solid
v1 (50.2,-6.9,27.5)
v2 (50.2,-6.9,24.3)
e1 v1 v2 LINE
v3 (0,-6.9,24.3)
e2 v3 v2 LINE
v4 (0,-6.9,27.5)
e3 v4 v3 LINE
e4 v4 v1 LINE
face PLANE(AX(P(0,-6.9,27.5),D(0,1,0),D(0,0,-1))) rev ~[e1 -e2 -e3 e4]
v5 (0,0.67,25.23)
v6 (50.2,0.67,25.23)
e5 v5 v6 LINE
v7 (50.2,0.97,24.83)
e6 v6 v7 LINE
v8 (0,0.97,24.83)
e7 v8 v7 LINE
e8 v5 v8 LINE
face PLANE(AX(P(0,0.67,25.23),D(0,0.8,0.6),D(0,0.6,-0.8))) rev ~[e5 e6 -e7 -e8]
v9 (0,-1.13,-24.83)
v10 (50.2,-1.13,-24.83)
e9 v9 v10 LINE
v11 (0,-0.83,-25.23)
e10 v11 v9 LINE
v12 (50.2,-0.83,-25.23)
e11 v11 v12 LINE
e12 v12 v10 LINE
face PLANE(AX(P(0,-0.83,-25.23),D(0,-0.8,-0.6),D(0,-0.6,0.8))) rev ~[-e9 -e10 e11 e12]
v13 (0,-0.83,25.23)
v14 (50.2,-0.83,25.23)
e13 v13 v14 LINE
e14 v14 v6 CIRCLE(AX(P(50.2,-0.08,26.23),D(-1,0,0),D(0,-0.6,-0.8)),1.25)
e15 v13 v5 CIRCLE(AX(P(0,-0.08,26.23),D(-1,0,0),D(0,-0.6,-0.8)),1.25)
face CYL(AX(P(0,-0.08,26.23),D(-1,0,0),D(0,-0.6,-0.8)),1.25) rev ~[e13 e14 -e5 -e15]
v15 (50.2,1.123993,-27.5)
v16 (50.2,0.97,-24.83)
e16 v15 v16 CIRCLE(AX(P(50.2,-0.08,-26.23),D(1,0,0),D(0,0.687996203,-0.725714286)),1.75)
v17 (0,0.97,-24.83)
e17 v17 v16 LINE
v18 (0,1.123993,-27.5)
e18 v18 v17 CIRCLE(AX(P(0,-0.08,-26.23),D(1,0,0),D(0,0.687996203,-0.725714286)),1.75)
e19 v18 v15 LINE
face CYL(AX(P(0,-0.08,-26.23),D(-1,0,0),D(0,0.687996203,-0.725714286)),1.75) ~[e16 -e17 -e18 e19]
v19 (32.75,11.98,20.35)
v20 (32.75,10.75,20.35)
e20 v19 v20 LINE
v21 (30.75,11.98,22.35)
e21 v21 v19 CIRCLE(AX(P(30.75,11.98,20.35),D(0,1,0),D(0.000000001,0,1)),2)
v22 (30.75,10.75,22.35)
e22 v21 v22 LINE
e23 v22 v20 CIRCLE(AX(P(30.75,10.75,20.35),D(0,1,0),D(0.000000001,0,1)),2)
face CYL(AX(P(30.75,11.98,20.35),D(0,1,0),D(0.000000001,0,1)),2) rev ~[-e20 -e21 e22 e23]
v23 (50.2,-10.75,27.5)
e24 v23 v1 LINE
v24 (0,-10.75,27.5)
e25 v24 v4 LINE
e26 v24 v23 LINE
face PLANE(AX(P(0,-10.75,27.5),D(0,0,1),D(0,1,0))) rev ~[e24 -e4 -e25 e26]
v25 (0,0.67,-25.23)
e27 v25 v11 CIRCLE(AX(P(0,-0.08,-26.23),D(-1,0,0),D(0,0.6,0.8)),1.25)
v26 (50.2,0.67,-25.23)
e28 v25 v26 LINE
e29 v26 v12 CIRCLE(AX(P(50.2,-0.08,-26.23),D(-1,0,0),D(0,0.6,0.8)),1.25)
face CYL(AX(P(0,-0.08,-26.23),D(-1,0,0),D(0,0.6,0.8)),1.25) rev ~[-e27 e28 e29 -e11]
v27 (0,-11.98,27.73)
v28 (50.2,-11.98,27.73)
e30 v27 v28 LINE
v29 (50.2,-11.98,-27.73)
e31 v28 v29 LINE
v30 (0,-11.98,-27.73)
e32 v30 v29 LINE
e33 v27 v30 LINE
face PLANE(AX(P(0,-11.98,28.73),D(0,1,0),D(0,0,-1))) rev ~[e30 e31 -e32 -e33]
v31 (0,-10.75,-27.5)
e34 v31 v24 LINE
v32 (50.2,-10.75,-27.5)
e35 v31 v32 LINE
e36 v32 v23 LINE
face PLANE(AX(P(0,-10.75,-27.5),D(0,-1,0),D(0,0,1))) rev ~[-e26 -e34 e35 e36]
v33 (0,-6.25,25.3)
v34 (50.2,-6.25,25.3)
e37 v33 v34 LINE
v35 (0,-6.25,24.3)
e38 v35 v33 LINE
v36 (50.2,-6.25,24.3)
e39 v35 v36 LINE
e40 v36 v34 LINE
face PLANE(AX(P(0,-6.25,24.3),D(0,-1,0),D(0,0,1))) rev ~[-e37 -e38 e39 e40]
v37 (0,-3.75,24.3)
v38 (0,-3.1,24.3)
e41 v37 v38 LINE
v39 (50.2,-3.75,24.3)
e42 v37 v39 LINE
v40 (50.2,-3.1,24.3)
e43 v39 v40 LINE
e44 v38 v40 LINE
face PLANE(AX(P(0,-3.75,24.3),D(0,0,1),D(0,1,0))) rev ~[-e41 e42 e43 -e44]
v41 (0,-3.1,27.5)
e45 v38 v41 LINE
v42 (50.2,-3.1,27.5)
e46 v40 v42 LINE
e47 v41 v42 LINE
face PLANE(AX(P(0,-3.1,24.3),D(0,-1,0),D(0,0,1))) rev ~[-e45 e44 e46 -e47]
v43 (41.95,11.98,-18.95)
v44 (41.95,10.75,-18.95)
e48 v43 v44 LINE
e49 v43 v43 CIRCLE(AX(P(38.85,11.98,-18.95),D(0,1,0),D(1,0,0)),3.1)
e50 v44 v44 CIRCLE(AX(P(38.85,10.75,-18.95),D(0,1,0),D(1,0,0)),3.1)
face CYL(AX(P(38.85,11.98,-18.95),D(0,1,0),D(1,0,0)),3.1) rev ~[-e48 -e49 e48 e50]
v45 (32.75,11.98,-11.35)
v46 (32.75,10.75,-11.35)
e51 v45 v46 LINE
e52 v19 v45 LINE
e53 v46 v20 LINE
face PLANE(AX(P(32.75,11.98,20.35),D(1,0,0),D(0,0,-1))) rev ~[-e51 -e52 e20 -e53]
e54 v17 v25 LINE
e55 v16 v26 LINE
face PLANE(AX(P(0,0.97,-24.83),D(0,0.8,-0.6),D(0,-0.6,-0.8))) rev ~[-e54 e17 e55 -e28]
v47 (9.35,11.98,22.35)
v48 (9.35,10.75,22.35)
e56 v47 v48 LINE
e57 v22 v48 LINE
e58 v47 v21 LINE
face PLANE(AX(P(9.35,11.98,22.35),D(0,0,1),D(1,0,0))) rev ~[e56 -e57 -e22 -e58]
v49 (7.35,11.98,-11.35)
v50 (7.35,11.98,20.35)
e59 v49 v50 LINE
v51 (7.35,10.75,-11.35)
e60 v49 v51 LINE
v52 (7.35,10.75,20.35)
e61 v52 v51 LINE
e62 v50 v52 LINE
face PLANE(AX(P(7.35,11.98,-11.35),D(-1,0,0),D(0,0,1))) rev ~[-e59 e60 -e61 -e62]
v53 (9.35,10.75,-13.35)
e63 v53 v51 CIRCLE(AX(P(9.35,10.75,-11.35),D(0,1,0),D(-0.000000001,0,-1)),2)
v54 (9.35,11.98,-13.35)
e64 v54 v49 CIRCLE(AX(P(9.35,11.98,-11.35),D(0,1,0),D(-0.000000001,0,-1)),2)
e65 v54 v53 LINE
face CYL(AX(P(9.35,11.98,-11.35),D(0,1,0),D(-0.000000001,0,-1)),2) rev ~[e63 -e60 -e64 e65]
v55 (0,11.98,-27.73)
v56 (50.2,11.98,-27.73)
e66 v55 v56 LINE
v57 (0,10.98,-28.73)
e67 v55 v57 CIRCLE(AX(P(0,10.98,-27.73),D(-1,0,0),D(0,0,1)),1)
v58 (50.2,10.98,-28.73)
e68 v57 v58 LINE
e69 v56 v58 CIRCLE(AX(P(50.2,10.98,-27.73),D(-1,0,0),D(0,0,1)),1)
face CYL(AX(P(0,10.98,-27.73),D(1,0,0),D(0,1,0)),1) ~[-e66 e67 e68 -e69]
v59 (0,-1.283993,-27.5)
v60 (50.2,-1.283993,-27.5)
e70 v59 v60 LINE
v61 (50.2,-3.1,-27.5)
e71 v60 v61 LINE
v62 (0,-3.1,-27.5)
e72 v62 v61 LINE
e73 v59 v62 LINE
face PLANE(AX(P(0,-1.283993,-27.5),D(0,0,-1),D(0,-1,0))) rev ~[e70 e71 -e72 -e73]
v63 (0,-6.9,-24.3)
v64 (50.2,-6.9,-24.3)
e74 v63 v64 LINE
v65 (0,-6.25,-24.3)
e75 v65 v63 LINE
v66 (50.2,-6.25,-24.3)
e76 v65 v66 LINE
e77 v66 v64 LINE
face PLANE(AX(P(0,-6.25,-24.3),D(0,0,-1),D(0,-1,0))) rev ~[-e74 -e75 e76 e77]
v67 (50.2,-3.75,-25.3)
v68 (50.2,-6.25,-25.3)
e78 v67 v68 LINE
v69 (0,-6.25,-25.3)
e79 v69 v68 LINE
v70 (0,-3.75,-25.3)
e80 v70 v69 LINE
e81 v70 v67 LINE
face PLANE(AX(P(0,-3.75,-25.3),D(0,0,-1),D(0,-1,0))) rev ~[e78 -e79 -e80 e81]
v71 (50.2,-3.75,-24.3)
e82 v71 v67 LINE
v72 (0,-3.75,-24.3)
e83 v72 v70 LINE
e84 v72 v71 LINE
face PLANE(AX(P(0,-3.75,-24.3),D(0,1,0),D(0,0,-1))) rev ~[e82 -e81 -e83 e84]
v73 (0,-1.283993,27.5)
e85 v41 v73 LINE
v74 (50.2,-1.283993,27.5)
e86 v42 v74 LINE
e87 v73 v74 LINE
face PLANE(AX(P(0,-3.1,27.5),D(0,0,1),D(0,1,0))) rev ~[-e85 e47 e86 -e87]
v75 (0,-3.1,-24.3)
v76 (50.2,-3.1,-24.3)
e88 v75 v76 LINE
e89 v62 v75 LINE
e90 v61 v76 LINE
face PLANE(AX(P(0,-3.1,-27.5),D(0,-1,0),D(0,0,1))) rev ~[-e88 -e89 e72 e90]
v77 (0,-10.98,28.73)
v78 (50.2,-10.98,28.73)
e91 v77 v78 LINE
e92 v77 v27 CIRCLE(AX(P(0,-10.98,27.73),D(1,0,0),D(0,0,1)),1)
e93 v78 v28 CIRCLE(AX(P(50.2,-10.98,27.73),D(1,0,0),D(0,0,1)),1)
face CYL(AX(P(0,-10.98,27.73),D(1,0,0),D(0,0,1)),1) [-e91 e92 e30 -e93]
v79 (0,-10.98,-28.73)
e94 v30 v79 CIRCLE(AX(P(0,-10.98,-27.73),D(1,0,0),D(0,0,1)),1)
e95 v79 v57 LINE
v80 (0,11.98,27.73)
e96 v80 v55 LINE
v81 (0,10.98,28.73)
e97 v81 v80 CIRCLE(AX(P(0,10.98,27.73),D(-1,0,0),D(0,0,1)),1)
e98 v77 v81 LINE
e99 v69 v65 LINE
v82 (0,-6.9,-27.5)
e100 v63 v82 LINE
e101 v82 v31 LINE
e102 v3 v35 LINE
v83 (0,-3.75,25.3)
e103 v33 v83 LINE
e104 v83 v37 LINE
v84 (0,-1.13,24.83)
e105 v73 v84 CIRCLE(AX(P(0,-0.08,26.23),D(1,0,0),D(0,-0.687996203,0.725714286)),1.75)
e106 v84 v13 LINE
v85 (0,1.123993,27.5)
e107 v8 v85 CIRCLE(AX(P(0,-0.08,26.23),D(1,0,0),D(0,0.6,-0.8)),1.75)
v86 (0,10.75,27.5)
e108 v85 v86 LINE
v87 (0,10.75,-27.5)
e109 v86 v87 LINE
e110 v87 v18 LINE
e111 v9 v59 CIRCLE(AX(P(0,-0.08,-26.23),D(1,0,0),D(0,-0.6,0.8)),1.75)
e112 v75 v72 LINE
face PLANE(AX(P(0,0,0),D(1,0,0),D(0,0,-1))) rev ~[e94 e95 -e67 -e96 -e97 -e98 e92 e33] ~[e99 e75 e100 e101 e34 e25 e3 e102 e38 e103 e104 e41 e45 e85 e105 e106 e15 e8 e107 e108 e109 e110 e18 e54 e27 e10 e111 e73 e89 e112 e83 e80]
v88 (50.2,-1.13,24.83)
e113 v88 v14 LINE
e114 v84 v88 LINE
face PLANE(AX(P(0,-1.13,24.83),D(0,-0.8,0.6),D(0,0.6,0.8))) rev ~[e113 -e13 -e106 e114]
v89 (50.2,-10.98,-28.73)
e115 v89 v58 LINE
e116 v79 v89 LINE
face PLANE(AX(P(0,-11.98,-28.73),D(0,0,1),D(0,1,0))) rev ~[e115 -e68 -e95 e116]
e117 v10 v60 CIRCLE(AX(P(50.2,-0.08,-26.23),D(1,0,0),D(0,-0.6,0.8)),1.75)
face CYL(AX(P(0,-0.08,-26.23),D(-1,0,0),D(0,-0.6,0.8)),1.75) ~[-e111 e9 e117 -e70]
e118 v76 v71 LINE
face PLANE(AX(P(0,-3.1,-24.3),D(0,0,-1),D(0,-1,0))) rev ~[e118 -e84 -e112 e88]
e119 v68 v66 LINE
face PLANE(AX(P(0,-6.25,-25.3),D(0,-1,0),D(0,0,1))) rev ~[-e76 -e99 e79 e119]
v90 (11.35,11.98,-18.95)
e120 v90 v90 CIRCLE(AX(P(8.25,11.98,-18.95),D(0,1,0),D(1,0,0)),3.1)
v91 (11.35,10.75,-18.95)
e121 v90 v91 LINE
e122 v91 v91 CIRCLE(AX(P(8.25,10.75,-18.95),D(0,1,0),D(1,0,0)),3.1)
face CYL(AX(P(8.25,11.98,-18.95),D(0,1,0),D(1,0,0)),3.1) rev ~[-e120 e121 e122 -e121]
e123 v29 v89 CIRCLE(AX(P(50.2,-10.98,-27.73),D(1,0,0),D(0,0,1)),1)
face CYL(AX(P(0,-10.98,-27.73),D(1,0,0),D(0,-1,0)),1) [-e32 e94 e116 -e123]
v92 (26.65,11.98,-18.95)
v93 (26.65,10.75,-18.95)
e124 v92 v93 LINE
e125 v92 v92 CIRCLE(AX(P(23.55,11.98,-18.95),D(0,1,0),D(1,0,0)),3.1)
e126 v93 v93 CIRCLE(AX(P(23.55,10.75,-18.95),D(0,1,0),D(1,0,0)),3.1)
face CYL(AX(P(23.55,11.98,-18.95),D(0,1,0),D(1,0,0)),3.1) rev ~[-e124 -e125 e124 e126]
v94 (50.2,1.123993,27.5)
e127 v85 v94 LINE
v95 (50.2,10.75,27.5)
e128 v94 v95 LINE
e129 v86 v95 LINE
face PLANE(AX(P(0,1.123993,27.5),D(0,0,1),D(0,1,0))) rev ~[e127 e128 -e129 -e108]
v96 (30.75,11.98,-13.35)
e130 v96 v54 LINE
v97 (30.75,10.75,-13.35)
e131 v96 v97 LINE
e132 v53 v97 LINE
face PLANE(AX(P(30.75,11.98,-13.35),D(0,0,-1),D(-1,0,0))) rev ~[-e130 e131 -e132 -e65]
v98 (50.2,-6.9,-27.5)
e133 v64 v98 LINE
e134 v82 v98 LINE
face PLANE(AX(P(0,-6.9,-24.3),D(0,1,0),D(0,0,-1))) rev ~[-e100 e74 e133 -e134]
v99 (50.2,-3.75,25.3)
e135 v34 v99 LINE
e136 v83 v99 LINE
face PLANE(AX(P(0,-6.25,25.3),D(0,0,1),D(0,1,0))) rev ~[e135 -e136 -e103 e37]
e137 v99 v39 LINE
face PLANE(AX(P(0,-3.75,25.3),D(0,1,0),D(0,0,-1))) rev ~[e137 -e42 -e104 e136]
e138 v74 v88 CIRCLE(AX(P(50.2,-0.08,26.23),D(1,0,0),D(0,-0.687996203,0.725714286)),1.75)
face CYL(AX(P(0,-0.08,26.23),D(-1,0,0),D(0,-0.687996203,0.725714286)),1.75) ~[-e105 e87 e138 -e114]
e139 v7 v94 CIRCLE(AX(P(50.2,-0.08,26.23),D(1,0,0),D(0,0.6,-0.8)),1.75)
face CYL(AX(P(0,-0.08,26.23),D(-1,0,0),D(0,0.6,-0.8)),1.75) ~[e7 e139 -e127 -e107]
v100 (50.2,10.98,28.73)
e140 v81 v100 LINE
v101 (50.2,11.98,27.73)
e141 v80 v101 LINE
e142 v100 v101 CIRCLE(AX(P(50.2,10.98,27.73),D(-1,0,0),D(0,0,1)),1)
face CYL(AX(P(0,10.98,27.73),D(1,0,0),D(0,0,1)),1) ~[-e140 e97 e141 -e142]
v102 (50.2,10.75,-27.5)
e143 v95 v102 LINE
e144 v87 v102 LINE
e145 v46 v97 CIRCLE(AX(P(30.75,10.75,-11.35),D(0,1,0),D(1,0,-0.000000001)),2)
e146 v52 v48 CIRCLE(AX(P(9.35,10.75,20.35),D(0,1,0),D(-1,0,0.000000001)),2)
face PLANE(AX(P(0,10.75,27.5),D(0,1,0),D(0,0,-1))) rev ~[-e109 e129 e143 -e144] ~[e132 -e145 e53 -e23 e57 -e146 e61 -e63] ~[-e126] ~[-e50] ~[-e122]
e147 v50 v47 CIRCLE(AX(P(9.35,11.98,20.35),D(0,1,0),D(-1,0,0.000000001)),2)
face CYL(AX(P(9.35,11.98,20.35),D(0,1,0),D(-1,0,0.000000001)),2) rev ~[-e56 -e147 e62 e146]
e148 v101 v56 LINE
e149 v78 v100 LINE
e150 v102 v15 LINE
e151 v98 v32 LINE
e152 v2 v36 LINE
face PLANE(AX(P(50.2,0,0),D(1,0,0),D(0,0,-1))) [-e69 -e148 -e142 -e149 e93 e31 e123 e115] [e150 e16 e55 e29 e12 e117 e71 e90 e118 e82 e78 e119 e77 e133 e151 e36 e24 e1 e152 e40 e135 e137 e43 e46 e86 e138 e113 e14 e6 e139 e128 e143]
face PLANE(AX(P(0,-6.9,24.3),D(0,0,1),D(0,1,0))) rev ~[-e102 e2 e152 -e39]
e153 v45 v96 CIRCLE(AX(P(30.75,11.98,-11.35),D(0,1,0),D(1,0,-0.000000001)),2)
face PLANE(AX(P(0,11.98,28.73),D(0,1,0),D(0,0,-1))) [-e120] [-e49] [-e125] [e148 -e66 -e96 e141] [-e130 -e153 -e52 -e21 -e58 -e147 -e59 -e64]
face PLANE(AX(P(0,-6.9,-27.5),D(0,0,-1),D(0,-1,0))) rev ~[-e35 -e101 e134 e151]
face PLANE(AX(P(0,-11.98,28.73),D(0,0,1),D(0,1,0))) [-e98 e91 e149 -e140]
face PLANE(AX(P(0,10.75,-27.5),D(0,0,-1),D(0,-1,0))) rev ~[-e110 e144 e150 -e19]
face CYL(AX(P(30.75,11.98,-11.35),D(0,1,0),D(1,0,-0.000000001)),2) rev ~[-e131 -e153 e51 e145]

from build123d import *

# Parameters (mm, degrees)
SKETCH1_W           = 57.46
SKETCH1_H           = 23.96
BOSS_EXTRUDE1_DEPTH = 50.2
FILLET1_R           = 1
CUT_EXTRUDE1_REACH  = 25.96
SKETCH2_R           = 3.1
SKETCH2_R_2         = 3
CUT_EXTRUDE2_REACH  = 25.96


with BuildPart() as part:
    # Sketch1 → Boss-Extrude1 (new body)
    with BuildSketch(Plane(origin=(0, 0, 0), x_dir=(0, 0, -1), z_dir=(1, 0, 0))):
        Rectangle(SKETCH1_W, SKETCH1_H)
        with BuildLine():
            Line((-27.5, 1.123993355), (-27.5, 10.75))
            Line((-27.5, 10.75), (27.5, 10.75))
            Line((27.5, 10.75), (27.5, 1.123993355))
            ThreePointArc((27.5, 1.123993355), (26.129235481, 1.667096595), (24.83, 0.97))
            Line((24.83, 0.97), (25.23, 0.67))
            ThreePointArc((25.23, 0.67), (27.48, -0.08), (25.23, -0.83))
            Line((25.23, -0.83), (24.83, -1.13))
            ThreePointArc((24.83, -1.13), (26.129235481, -1.827096595), (27.5, -1.283993355))
            Line((27.5, -1.283993355), (27.5, -3.1))
            Line((27.5, -3.1), (24.3, -3.1))
            Line((24.3, -3.1), (24.3, -3.75))
            Line((24.3, -3.75), (25.3, -3.75))
            Line((25.3, -3.75), (25.3, -6.25))
            Line((25.3, -6.25), (24.3, -6.25))
            Line((24.3, -6.25), (24.3, -6.9))
            Line((24.3, -6.9), (27.5, -6.9))
            Line((27.5, -6.9), (27.5, -10.75))
            Line((27.5, -10.75), (-27.5, -10.75))
            Line((-27.5, -10.75), (-27.5, -6.9))
            Line((-27.5, -6.9), (-24.3, -6.9))
            Line((-24.3, -6.9), (-24.3, -6.25))
            Line((-24.3, -6.25), (-25.3, -6.25))
            Line((-25.3, -6.25), (-25.3, -3.75))
            Line((-25.3, -3.75), (-24.3, -3.75))
            Line((-24.3, -3.75), (-24.3, -3.1))
            Line((-24.3, -3.1), (-27.5, -3.1))
            Line((-27.5, -3.1), (-27.5, -1.283993355))
            ThreePointArc((-27.5, -1.283993355), (-26.129235481, -1.827096595), (-24.83, -1.13))
            Line((-24.83, -1.13), (-25.23, -0.83))
            ThreePointArc((-25.23, -0.83), (-27.48, -0.08), (-25.23, 0.67))
            Line((-25.23, 0.67), (-24.83, 0.97))
            ThreePointArc((-24.83, 0.97), (-26.129235481, 1.667096595), (-27.5, 1.123993355))
        make_face(mode=Mode.SUBTRACT)
    extrude(amount=BOSS_EXTRUDE1_DEPTH)

    # Fillet1
    fillet1_edges = [part.edges().sort_by_distance(p)[0] for p in [
        (25.1, 11.98, -28.73),
        (25.1, -11.98, -28.73),
        (25.1, -11.98, 28.73),
        (25.1, 11.98, 28.73),
    ]]
    fillet(fillet1_edges, radius=FILLET1_R)

    # Sketch2 → Cut-Extrude1 (cut, up to next)
    with BuildSketch(Plane(origin=(0, 11.98, 0), x_dir=(1, 0, 0), z_dir=(0, 1, 0)), mode=Mode.PRIVATE) as cut_extrude1_sk1:
        with Locations((8.25, 18.95)):
            Circle(SKETCH2_R)
        with Locations((8.25, 18.95)):
            Circle(SKETCH2_R_2, mode=Mode.SUBTRACT)
    cut_extrude1_tool1 = extrude(cut_extrude1_sk1.sketch, amount=-CUT_EXTRUDE1_REACH, mode=Mode.PRIVATE) & part.part
    add(cut_extrude1_tool1.solids().sort_by_distance((5.237681, 11.98, -18.95))[0], mode=Mode.SUBTRACT)
    # Sketch2 → Cut-Extrude1 (cut, up to next)
    with BuildSketch(Plane(origin=(0, 11.98, 0), x_dir=(1, 0, 0), z_dir=(0, 1, 0)), mode=Mode.PRIVATE) as cut_extrude1_sk2:
        with Locations((8.25, 18.95)):
            Circle(SKETCH2_R_2)
    cut_extrude1_tool2 = extrude(cut_extrude1_sk2.sketch, amount=-CUT_EXTRUDE1_REACH, mode=Mode.PRIVATE) & part.part
    add(cut_extrude1_tool2.solids().sort_by_distance((8.25, 11.98, -18.95))[0], mode=Mode.SUBTRACT)
    # Sketch2 → Cut-Extrude1 (cut, up to next)
    with BuildSketch(Plane(origin=(0, 11.98, 0), x_dir=(1, 0, 0), z_dir=(0, 1, 0)), mode=Mode.PRIVATE) as cut_extrude1_sk3:
        with Locations((23.55, 18.95)):
            Circle(SKETCH2_R)
        with Locations((23.55, 18.95)):
            Circle(SKETCH2_R_2, mode=Mode.SUBTRACT)
    cut_extrude1_tool3 = extrude(cut_extrude1_sk3.sketch, amount=-CUT_EXTRUDE1_REACH, mode=Mode.PRIVATE) & part.part
    add(cut_extrude1_tool3.solids().sort_by_distance((20.537681, 11.98, -18.95))[0], mode=Mode.SUBTRACT)
    # Sketch2 → Cut-Extrude1 (cut, up to next)
    with BuildSketch(Plane(origin=(0, 11.98, 0), x_dir=(1, 0, 0), z_dir=(0, 1, 0)), mode=Mode.PRIVATE) as cut_extrude1_sk4:
        with Locations((23.55, 18.95)):
            Circle(SKETCH2_R_2)
    cut_extrude1_tool4 = extrude(cut_extrude1_sk4.sketch, amount=-CUT_EXTRUDE1_REACH, mode=Mode.PRIVATE) & part.part
    add(cut_extrude1_tool4.solids().sort_by_distance((23.55, 11.98, -18.95))[0], mode=Mode.SUBTRACT)
    # Sketch2 → Cut-Extrude1 (cut, up to next)
    with BuildSketch(Plane(origin=(0, 11.98, 0), x_dir=(1, 0, 0), z_dir=(0, 1, 0)), mode=Mode.PRIVATE) as cut_extrude1_sk5:
        with Locations((38.85, 18.95)):
            Circle(SKETCH2_R)
        with Locations((38.85, 18.95)):
            Circle(SKETCH2_R_2, mode=Mode.SUBTRACT)
    cut_extrude1_tool5 = extrude(cut_extrude1_sk5.sketch, amount=-CUT_EXTRUDE1_REACH, mode=Mode.PRIVATE) & part.part
    add(cut_extrude1_tool5.solids().sort_by_distance((35.837681, 11.98, -18.95))[0], mode=Mode.SUBTRACT)
    # Sketch2 → Cut-Extrude1 (cut, up to next)
    with BuildSketch(Plane(origin=(0, 11.98, 0), x_dir=(1, 0, 0), z_dir=(0, 1, 0)), mode=Mode.PRIVATE) as cut_extrude1_sk6:
        with Locations((38.85, 18.95)):
            Circle(SKETCH2_R_2)
    cut_extrude1_tool6 = extrude(cut_extrude1_sk6.sketch, amount=-CUT_EXTRUDE1_REACH, mode=Mode.PRIVATE) & part.part
    add(cut_extrude1_tool6.solids().sort_by_distance((38.85, 11.98, -18.95))[0], mode=Mode.SUBTRACT)

    # Sketch3 → Cut-Extrude2 (cut, up to next)
    with BuildSketch(Plane(origin=(0, 11.98, 0), x_dir=(1, 0, 0), z_dir=(0, 1, 0)), mode=Mode.PRIVATE) as cut_extrude2_sk1:
        with BuildLine():
            Line((7.35, 11.35), (7.35, -20.35))
            ThreePointArc((7.35, -20.35), (7.935786438, -21.764213562), (9.35, -22.35))
            Line((9.35, -22.35), (30.75, -22.35))
            ThreePointArc((30.75, -22.35), (32.164213562, -21.764213562), (32.75, -20.35))
            Line((32.75, -20.35), (32.75, 11.35))
            ThreePointArc((32.75, 11.35), (32.164213562, 12.764213562), (30.75, 13.35))
            Line((30.75, 13.35), (9.35, 13.35))
            ThreePointArc((9.35, 13.35), (7.935786438, 12.764213562), (7.35, 11.35))
        make_face()
    cut_extrude2_tool1 = extrude(cut_extrude2_sk1.sketch, amount=-CUT_EXTRUDE2_REACH, mode=Mode.PRIVATE) & part.part
    add(cut_extrude2_tool1.solids().sort_by_distance((20.05, 11.98, 4.5))[0], mode=Mode.SUBTRACT)


solid = part.part
